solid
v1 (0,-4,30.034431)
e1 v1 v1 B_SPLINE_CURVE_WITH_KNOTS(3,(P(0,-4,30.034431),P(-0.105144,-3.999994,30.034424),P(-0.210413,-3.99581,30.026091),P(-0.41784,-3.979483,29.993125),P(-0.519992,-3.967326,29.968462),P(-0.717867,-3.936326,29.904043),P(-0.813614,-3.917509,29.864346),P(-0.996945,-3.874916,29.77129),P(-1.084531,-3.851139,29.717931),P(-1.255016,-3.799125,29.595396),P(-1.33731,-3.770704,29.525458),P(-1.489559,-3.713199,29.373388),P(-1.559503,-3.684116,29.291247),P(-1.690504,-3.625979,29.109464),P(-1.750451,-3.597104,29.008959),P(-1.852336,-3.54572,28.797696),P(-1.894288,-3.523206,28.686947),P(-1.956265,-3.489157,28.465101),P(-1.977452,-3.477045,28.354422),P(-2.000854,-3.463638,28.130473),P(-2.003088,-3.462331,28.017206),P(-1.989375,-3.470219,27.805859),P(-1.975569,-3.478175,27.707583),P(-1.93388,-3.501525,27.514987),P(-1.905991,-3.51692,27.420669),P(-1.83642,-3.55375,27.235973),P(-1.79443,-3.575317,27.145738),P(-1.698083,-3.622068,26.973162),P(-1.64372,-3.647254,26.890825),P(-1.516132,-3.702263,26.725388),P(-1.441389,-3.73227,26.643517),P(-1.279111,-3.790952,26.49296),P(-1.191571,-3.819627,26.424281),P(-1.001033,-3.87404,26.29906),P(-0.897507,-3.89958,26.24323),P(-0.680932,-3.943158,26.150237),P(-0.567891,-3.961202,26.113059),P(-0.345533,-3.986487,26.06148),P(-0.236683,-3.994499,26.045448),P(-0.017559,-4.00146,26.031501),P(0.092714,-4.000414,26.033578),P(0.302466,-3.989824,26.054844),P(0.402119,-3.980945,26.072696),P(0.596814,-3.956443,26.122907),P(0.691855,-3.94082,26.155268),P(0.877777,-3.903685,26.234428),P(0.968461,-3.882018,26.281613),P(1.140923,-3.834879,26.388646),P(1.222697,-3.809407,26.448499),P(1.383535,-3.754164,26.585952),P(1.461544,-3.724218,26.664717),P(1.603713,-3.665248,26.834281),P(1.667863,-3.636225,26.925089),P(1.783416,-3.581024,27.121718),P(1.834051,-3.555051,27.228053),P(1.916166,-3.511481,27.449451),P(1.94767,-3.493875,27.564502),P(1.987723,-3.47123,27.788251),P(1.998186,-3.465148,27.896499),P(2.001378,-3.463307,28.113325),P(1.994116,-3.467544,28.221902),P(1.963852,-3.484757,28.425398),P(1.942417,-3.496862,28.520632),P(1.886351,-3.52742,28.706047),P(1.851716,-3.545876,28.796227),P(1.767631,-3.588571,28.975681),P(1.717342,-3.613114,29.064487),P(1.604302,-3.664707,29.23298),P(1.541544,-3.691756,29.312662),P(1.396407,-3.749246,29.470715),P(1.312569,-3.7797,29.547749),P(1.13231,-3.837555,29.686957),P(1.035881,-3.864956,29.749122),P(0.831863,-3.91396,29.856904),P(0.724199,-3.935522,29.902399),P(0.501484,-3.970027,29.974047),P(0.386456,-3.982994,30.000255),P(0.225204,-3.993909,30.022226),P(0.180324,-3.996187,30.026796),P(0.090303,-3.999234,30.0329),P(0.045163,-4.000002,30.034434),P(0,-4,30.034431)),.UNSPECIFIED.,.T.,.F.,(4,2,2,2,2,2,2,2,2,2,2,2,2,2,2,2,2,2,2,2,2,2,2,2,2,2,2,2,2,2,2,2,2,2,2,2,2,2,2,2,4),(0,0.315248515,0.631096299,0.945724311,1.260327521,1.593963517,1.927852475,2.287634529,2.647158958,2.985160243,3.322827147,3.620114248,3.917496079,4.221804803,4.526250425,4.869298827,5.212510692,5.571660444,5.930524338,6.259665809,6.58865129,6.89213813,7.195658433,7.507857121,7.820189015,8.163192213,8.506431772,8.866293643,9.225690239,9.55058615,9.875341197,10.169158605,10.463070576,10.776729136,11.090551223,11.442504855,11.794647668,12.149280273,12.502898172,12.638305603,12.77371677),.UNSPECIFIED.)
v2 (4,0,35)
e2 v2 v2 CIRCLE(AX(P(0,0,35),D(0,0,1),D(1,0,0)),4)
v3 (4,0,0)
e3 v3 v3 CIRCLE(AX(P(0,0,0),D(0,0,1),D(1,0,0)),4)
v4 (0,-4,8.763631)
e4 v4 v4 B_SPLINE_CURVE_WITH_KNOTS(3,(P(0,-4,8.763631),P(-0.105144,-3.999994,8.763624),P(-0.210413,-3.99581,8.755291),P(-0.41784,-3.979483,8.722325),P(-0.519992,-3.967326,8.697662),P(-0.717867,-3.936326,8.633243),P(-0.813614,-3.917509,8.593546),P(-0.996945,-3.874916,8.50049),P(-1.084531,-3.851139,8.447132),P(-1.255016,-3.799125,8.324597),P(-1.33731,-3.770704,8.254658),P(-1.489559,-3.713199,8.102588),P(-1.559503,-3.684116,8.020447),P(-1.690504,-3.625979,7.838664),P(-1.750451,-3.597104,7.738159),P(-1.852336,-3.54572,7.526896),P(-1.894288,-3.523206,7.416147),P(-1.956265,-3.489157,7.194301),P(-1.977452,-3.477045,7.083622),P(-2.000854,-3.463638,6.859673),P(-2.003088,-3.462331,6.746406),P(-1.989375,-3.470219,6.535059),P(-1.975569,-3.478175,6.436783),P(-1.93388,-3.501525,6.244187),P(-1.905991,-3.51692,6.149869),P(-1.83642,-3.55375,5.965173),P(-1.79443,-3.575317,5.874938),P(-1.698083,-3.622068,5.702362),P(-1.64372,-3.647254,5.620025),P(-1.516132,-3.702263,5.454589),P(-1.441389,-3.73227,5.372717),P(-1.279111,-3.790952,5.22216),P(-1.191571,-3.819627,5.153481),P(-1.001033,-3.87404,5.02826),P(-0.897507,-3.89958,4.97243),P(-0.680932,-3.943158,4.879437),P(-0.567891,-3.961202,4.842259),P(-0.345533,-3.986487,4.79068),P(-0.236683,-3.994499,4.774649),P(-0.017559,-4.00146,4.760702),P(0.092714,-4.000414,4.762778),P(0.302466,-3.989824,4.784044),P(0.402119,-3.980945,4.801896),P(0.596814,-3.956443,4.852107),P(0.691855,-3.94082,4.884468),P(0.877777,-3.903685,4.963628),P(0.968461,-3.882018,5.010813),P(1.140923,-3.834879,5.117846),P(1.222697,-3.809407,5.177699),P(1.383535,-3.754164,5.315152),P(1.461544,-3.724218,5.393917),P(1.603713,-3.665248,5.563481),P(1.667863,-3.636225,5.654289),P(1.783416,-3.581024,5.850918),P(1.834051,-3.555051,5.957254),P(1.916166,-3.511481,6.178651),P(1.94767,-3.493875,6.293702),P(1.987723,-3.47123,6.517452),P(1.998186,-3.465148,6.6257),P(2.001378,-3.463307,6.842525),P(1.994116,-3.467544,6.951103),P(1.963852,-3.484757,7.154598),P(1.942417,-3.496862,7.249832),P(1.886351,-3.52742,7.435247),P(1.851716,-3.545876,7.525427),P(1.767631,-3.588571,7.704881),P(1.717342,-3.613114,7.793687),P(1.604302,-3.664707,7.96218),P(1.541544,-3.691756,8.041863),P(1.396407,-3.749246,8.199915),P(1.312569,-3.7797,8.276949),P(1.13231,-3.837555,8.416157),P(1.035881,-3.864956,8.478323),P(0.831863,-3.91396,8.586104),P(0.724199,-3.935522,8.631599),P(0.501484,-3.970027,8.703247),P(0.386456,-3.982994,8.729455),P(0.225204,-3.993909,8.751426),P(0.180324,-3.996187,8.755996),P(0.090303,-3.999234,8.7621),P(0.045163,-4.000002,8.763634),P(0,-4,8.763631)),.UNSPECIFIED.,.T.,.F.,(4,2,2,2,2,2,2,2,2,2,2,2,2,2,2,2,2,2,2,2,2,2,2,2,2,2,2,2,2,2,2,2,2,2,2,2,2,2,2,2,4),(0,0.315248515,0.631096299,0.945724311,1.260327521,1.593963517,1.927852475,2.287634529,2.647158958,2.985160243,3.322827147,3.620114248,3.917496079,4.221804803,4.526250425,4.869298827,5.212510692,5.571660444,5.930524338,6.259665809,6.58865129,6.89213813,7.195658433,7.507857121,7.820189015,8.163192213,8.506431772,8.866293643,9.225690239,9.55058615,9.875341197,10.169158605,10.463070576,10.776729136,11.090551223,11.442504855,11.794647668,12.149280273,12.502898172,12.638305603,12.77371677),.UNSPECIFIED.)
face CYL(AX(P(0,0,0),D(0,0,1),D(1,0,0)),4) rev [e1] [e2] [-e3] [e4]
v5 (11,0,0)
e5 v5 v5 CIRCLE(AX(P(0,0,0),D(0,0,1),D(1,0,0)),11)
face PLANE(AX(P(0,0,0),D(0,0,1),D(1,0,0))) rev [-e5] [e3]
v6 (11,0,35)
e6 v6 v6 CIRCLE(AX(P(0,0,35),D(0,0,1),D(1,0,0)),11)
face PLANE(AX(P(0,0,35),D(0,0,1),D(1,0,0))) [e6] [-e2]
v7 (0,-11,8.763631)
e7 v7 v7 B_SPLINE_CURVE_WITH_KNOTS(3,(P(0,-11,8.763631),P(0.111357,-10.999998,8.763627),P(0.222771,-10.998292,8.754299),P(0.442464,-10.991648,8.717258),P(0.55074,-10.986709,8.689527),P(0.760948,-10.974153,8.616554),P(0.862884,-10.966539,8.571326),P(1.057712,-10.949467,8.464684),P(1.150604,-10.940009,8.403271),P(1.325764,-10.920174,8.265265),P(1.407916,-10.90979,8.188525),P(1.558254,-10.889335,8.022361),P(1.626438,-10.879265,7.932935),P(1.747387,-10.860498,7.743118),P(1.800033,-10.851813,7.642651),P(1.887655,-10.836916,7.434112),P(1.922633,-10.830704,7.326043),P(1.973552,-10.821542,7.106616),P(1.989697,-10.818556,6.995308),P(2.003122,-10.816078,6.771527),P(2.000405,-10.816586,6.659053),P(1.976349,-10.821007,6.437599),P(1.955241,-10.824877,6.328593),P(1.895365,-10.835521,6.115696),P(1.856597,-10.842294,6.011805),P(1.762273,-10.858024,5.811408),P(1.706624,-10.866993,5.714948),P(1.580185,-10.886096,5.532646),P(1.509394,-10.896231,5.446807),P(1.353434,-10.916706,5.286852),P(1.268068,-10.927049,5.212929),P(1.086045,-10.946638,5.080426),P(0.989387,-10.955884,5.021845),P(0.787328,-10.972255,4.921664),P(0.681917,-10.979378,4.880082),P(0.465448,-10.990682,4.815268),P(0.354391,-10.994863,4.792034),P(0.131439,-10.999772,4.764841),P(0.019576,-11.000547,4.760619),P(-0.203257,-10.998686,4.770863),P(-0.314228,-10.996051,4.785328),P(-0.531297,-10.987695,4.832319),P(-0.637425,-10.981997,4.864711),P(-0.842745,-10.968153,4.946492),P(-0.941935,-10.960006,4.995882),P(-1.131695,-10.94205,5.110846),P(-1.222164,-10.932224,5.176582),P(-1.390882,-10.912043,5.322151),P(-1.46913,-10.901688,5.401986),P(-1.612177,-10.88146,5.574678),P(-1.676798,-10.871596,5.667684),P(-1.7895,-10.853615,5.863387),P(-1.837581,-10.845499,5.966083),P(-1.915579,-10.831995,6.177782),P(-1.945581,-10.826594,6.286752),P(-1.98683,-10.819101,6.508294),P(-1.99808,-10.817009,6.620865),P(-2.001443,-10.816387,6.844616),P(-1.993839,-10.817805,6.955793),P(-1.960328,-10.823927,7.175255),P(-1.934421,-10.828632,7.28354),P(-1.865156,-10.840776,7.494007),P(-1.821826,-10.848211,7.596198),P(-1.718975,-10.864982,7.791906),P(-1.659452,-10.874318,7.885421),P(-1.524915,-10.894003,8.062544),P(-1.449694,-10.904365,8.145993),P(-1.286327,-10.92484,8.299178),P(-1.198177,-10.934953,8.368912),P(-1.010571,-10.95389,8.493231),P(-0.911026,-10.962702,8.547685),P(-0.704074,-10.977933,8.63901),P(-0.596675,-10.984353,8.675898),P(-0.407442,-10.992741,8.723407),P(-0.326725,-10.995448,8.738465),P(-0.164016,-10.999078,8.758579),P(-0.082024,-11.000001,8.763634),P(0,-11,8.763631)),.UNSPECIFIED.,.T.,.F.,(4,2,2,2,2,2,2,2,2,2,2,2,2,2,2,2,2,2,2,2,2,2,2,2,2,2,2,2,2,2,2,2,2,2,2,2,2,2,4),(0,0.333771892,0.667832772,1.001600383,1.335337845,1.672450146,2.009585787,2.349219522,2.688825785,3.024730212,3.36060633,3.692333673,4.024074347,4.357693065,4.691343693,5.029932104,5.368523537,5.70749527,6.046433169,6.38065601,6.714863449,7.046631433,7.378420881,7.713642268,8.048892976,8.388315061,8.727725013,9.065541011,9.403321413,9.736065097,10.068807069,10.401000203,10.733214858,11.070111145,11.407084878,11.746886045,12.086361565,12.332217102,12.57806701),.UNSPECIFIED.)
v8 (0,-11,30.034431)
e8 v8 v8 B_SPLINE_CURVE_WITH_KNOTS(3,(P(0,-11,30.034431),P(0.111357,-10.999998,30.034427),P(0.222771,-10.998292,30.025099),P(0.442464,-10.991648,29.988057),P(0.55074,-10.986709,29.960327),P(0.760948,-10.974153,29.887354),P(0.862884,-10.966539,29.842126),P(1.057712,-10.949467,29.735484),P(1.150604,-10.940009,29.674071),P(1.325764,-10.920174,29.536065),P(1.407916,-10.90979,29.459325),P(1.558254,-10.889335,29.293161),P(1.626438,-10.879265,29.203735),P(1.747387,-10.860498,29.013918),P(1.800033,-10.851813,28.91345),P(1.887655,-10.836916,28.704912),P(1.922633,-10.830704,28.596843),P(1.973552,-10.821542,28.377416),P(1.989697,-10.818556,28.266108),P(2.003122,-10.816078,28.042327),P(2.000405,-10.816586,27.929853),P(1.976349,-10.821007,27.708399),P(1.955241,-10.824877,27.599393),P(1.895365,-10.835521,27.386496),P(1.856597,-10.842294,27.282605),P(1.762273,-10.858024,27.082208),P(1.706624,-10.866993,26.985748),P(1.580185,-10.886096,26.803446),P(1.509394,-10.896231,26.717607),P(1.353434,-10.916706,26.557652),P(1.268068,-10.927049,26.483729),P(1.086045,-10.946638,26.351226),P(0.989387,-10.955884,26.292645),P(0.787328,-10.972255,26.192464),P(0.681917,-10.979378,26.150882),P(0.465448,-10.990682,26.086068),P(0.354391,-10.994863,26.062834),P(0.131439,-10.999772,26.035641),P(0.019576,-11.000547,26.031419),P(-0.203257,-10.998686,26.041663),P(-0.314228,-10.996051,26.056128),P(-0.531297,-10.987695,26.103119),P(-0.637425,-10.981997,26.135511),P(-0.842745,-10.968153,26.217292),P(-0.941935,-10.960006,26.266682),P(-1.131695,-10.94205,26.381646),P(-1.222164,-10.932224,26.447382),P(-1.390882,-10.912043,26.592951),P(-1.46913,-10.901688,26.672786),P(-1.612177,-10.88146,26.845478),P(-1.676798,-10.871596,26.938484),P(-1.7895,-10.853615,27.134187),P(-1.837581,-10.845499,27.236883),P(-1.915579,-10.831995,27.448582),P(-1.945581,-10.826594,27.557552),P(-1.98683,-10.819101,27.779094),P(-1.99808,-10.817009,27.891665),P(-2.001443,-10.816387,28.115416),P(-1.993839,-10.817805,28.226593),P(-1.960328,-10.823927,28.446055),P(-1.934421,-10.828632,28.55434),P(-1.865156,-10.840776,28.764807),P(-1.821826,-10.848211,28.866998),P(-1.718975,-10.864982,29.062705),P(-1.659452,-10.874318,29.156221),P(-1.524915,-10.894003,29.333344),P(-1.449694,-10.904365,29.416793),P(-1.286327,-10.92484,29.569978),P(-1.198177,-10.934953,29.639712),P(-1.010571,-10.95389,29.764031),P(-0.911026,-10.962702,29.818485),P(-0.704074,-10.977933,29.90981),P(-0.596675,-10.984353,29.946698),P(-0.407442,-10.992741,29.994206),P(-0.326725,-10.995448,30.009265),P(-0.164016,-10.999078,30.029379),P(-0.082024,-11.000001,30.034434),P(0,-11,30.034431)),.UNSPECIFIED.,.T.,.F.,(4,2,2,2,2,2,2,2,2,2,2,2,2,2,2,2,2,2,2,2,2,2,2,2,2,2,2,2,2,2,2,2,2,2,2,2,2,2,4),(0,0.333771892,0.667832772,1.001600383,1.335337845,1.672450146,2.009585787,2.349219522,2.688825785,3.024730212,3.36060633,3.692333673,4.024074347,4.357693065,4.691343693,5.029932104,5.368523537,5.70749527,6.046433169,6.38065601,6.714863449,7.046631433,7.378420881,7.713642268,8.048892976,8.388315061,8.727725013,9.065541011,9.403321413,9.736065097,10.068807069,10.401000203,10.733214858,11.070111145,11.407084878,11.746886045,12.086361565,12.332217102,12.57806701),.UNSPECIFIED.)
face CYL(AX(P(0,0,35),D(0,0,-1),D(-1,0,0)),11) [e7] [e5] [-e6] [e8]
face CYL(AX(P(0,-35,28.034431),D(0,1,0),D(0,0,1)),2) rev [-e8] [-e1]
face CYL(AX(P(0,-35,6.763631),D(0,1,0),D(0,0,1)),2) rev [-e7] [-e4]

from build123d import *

# Parameters (mm, degrees)
SKETCH_3_R          = 11
EXTRUDE_2_DEPTH     = 35
SKETCH_4_R          = 4
CUT_EXTRUDE_1_DEPTH = 35
SKETCH_5_R          = 2
CUT_EXTRUDE_2_DEPTH = 35


with BuildPart() as part:
    # 草图3 → 凸台-拉伸2 (new body)
    with BuildSketch(Plane.XY):
        Circle(SKETCH_3_R)
    extrude(amount=EXTRUDE_2_DEPTH)

    # 草图4 → 切除-拉伸1 (cut)
    with BuildSketch(Plane.XY.offset(35)):
        Circle(SKETCH_4_R)
    extrude(amount=-CUT_EXTRUDE_1_DEPTH, mode=Mode.SUBTRACT)

    # 草图5 → 切除-拉伸2 (cut)
    with BuildSketch(Plane(origin=(0, 0, 0), x_dir=(1, 0, 0), z_dir=(0, 1, 0))):
        with Locations(Location((0, -6.763631076, 0), (0, 0, 270))):
            Circle(SKETCH_5_R)
        with Locations(Location((0, -28.03443095, 0), (0, 0, 270))):
            Circle(SKETCH_5_R)
    extrude(amount=-CUT_EXTRUDE_2_DEPTH, mode=Mode.SUBTRACT)


solid = part.part
